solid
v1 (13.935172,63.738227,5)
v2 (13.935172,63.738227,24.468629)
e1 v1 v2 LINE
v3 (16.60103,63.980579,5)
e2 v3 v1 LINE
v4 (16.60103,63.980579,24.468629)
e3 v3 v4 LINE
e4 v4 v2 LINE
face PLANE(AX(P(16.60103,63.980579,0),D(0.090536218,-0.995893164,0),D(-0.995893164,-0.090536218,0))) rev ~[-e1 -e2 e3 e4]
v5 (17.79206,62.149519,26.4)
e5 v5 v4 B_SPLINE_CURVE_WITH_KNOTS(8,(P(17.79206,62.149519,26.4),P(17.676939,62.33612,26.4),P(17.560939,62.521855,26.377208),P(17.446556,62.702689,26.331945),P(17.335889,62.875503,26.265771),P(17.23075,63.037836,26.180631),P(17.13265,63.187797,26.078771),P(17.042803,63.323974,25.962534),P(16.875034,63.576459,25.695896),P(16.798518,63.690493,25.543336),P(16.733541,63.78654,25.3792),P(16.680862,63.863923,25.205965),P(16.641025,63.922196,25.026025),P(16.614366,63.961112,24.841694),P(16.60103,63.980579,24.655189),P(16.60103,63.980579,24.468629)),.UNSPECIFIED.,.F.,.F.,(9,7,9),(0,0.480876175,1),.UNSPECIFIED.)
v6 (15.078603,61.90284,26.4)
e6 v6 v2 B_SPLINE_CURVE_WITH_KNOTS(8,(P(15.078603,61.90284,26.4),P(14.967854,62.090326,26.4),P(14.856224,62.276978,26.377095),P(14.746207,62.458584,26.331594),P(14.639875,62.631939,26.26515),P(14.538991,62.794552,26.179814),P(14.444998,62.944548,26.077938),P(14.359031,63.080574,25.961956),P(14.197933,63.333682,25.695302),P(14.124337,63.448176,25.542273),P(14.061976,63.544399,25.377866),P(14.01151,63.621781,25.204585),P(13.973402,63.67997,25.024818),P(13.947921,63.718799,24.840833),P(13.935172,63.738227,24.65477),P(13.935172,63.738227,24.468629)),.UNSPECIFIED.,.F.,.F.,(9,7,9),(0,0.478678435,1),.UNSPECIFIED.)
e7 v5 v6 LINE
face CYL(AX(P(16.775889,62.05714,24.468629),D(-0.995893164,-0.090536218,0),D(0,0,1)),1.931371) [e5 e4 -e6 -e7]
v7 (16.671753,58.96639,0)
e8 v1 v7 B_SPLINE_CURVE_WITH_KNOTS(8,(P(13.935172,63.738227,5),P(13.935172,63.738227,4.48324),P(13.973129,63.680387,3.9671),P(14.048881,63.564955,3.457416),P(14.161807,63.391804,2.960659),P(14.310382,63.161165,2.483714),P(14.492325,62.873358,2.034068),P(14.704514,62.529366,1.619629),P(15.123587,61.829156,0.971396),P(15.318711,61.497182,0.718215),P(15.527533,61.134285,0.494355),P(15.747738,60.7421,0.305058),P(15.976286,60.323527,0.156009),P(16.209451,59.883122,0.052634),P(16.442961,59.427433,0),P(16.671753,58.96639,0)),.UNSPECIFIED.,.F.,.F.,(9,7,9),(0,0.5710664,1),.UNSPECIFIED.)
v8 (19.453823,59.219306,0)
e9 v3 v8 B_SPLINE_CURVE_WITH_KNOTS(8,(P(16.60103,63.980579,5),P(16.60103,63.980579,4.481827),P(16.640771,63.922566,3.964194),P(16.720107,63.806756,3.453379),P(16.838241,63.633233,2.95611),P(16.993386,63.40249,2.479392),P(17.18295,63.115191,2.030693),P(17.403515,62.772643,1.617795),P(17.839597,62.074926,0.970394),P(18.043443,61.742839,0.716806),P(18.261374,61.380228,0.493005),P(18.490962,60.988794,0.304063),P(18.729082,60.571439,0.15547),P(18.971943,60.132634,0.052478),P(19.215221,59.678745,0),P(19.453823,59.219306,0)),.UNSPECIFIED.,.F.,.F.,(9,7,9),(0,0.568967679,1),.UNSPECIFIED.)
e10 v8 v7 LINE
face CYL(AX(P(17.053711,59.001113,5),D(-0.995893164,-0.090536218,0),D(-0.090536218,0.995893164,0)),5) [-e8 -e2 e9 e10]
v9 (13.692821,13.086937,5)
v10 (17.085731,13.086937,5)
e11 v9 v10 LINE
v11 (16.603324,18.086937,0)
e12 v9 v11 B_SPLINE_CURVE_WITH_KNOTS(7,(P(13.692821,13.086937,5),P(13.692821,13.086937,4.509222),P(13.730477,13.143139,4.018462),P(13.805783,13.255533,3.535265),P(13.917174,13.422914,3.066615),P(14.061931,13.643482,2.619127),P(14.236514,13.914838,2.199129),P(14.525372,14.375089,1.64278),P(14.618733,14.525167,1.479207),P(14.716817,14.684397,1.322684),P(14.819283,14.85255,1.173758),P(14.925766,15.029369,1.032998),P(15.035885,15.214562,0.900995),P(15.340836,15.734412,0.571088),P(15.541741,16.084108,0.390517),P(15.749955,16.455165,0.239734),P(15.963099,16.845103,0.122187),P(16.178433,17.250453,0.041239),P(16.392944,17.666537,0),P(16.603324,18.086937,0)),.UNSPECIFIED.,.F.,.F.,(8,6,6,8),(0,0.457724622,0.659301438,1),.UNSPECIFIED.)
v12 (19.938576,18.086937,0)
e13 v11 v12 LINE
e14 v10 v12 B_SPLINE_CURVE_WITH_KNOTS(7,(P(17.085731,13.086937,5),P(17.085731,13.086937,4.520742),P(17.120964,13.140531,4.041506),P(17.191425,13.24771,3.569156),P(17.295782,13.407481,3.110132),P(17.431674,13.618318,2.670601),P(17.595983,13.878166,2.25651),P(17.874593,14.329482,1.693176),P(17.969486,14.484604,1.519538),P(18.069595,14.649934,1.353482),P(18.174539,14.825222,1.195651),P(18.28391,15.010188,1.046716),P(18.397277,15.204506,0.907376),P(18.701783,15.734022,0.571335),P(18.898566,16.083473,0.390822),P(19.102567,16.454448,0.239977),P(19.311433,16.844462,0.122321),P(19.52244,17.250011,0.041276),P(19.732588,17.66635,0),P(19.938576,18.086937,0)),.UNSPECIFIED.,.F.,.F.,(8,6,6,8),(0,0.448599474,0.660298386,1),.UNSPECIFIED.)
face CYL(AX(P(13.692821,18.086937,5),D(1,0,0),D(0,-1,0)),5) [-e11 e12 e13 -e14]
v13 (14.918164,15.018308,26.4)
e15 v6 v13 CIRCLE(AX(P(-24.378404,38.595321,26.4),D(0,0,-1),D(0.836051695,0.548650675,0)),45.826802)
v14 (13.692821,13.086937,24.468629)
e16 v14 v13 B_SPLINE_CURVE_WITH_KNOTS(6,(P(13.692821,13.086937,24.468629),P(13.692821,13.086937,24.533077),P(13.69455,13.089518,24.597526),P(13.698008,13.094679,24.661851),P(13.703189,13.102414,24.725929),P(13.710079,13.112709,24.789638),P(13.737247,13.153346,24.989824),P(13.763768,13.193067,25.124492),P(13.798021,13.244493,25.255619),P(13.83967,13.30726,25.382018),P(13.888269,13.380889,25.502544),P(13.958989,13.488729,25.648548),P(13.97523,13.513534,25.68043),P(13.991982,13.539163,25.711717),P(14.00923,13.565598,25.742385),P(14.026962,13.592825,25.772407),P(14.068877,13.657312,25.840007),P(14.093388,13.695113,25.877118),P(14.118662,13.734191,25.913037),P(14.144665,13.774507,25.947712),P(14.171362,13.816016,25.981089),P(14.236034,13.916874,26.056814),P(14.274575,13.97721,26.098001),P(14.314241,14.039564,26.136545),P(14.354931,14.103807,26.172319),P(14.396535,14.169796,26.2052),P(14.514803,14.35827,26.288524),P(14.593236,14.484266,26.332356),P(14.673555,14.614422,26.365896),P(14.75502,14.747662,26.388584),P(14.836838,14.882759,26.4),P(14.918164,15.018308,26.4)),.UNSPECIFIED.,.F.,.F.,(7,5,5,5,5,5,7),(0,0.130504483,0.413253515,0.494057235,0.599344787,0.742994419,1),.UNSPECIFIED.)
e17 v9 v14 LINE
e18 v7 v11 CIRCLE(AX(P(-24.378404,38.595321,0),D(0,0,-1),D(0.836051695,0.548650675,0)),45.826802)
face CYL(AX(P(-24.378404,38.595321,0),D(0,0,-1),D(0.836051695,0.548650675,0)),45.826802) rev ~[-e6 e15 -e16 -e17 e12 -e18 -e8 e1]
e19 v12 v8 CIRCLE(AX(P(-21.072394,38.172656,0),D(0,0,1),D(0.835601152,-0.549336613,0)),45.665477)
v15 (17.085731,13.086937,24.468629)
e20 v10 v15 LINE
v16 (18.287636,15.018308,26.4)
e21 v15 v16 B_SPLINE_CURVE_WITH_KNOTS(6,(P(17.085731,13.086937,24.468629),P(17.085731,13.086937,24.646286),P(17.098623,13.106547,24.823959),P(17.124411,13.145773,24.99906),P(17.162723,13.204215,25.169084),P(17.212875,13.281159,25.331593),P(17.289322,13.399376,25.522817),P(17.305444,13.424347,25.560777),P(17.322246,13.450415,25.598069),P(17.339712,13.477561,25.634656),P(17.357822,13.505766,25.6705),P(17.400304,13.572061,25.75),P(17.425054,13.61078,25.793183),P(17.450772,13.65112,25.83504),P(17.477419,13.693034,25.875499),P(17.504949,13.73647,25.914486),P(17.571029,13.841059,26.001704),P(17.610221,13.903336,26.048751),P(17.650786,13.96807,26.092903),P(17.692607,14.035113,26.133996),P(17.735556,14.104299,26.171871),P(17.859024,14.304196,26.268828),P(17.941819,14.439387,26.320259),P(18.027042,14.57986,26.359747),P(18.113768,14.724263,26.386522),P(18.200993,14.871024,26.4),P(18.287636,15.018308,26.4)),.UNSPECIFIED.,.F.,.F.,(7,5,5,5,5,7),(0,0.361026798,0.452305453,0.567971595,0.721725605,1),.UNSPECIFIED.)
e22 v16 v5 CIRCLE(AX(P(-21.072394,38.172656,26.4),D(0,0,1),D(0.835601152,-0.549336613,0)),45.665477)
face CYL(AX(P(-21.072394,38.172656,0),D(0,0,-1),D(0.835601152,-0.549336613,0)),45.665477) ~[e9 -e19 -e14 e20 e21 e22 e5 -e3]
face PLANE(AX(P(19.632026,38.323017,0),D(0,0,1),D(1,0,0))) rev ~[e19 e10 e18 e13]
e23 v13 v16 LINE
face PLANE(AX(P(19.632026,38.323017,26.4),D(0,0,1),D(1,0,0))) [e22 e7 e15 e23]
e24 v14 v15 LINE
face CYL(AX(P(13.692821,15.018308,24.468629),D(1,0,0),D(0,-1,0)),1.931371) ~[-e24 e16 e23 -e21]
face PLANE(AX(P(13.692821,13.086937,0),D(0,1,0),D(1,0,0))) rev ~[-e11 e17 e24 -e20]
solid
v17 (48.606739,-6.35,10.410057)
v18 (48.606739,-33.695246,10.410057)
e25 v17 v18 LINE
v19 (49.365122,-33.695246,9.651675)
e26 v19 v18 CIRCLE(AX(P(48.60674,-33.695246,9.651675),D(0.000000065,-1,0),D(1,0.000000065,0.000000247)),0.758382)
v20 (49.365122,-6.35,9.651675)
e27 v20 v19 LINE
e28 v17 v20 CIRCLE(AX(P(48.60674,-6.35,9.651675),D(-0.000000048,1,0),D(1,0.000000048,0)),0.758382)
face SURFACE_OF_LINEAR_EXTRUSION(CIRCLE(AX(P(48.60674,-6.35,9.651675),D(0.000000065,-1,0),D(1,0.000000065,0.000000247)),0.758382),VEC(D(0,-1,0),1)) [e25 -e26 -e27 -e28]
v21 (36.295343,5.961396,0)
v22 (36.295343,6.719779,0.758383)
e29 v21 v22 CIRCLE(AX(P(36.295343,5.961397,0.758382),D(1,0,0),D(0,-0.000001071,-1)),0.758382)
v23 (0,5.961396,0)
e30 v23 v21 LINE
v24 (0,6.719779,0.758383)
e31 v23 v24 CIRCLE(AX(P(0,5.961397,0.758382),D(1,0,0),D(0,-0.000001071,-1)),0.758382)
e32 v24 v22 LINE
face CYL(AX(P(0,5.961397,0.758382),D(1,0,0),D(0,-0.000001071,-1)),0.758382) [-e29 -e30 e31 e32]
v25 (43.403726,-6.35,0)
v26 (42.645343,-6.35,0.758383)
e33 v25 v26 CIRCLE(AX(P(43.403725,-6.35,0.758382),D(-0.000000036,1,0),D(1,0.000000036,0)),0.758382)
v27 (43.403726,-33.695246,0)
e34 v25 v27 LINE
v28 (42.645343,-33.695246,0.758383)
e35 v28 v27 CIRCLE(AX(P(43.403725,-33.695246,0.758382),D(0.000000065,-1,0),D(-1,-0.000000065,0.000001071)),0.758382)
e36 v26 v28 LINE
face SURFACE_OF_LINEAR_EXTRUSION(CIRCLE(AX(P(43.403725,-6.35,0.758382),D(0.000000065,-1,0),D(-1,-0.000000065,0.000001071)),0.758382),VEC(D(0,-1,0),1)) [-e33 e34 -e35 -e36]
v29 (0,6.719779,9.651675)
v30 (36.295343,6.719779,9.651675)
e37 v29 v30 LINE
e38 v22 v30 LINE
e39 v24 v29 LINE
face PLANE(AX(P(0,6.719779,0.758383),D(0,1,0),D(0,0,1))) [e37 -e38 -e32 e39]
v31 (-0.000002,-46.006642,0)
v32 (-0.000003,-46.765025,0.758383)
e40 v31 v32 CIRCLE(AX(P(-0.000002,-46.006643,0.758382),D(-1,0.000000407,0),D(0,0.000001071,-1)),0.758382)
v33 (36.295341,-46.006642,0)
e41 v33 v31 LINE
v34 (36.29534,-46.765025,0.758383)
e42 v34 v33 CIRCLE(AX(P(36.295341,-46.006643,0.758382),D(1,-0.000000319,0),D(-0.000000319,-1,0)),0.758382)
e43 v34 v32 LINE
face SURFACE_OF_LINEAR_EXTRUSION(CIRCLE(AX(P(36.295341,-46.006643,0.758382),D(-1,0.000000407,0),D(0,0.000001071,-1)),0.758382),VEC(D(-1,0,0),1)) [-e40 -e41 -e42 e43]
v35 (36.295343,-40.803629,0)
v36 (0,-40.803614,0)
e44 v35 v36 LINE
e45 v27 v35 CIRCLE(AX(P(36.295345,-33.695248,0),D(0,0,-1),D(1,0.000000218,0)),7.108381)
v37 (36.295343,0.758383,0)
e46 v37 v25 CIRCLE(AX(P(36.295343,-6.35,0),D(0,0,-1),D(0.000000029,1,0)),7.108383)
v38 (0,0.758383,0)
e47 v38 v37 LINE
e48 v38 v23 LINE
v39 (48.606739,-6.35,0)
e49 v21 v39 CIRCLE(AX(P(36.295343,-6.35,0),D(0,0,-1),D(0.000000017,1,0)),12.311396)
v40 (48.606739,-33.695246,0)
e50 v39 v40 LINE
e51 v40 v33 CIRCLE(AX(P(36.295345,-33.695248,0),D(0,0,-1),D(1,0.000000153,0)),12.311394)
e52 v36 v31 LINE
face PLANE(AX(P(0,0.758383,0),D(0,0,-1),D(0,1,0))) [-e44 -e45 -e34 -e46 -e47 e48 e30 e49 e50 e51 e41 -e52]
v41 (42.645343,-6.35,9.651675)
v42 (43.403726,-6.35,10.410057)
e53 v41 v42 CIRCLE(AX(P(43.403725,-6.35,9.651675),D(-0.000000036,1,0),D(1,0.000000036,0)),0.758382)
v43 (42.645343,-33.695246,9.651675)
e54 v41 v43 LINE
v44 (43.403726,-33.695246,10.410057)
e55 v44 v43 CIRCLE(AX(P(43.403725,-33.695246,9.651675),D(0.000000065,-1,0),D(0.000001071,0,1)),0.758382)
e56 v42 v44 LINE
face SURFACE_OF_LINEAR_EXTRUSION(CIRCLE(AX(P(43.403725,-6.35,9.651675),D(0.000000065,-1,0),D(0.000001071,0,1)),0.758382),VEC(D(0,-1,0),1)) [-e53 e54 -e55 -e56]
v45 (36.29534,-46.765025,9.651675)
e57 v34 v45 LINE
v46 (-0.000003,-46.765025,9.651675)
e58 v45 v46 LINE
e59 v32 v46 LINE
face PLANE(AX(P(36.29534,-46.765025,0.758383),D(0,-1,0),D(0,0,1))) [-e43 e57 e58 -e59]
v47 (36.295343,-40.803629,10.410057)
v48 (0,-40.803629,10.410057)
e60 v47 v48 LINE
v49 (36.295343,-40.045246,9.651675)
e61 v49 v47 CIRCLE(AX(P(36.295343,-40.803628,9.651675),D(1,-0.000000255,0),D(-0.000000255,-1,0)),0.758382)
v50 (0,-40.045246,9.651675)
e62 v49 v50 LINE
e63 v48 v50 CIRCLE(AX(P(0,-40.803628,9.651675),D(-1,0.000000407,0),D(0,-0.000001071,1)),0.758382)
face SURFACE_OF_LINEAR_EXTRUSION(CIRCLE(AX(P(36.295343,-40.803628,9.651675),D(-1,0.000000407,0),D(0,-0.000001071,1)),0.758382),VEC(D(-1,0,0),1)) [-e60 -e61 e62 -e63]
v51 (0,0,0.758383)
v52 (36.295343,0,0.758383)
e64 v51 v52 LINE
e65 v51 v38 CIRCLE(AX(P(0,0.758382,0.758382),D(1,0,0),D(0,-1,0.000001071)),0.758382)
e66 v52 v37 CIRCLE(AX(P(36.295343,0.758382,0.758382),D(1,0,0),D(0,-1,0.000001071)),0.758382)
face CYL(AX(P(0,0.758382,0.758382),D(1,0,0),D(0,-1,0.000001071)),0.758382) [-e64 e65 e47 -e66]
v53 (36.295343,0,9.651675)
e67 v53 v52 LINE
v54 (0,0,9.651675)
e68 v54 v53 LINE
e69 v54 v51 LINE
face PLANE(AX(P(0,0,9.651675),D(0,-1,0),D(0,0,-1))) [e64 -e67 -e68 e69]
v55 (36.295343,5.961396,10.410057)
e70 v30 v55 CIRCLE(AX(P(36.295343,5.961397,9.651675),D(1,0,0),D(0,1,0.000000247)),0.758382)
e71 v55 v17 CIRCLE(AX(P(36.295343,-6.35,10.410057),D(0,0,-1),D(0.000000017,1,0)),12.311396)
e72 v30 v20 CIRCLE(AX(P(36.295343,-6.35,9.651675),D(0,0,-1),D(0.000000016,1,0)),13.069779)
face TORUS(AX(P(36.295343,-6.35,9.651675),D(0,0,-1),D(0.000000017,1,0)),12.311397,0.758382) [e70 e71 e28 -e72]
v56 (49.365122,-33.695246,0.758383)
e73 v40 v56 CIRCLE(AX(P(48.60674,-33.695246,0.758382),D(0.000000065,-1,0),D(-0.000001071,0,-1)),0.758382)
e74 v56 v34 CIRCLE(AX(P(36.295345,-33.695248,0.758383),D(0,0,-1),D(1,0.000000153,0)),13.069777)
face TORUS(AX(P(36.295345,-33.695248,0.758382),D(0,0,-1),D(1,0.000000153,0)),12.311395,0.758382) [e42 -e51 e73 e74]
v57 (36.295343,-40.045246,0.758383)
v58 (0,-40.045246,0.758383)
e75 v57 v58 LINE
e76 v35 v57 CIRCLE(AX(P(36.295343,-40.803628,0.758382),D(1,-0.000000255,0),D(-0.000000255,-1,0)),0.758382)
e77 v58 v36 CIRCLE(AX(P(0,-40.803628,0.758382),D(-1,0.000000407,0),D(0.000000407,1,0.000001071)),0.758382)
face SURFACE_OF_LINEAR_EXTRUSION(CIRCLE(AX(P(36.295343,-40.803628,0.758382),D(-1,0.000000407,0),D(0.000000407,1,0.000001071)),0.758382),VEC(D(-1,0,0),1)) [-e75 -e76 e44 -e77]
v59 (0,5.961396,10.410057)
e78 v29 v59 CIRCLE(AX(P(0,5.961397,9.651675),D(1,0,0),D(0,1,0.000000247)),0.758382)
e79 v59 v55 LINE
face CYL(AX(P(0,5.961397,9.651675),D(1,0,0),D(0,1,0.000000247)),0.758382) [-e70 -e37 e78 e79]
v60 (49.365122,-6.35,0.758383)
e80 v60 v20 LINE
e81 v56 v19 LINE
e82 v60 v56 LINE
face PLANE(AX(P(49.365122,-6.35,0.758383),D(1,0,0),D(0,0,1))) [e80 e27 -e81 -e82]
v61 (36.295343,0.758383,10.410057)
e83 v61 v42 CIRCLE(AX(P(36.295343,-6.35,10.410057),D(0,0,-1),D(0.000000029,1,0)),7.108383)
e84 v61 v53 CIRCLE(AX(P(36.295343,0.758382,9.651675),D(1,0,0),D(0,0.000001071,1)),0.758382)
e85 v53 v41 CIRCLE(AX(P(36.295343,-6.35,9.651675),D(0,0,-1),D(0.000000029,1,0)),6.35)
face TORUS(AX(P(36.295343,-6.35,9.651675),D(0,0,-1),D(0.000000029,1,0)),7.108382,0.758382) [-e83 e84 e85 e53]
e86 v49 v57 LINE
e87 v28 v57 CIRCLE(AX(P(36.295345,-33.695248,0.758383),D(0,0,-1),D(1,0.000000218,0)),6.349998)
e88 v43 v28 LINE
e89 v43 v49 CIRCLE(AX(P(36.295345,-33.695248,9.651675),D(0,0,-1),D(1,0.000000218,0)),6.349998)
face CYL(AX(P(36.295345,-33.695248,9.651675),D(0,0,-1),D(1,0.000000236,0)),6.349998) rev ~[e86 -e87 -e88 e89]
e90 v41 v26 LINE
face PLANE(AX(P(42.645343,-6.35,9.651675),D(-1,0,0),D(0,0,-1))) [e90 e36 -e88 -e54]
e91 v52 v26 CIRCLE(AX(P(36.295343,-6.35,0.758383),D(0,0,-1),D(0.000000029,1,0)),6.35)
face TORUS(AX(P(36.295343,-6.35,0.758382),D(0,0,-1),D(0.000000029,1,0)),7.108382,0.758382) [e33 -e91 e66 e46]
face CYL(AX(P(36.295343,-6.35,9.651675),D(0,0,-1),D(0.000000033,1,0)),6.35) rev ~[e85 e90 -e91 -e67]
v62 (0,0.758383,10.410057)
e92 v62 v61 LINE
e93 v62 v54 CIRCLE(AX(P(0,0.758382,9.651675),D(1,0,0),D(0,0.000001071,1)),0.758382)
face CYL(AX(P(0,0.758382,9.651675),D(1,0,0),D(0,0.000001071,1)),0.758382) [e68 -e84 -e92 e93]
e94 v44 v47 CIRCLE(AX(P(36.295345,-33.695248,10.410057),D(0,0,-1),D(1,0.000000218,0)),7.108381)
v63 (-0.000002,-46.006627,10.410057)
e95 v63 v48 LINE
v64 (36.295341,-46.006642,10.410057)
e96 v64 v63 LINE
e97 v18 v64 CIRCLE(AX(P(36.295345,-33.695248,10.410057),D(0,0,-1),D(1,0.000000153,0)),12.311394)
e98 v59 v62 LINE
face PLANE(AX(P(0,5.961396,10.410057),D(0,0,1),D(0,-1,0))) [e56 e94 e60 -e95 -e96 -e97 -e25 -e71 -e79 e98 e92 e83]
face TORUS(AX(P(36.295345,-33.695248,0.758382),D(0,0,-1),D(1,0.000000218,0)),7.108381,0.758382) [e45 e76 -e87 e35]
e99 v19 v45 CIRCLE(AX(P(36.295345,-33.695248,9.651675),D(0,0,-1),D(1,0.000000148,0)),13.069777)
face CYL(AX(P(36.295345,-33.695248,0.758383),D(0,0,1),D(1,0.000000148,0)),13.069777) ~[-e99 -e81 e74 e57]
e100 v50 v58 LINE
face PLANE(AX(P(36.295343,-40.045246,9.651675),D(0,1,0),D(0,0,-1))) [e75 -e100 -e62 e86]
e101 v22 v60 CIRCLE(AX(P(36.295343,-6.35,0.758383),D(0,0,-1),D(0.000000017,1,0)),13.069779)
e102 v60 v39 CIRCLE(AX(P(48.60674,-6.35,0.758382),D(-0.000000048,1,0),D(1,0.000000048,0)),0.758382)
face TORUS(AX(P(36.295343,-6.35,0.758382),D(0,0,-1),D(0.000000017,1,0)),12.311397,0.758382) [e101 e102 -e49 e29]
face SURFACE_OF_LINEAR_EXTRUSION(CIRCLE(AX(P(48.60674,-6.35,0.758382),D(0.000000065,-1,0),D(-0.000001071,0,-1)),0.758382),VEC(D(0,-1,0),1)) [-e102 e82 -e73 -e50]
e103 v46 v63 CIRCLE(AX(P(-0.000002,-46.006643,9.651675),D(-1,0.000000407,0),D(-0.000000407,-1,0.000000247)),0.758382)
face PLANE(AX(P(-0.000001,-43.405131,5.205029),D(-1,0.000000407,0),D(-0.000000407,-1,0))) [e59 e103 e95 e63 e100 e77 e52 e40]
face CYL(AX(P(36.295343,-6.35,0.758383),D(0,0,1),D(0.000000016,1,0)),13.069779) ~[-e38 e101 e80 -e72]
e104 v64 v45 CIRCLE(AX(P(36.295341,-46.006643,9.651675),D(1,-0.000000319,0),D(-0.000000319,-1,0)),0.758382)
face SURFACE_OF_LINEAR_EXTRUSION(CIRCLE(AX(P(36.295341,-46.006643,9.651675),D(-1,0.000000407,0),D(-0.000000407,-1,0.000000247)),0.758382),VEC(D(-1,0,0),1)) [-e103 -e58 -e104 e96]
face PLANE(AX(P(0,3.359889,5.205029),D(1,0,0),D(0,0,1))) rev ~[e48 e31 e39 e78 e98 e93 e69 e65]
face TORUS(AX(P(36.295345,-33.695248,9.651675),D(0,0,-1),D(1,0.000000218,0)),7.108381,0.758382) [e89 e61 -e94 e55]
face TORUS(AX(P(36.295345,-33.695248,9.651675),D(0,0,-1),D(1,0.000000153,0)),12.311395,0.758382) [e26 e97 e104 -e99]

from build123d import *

# Parameters (mm, degrees)
F4_DEPTH = 26.4
F5_R     = 5
F6_R     = 1.931371


with BuildPart() as f2:
    # F2: sweep along a path in F0
    with BuildLine(Plane.XY) as f2_path:
        Line((0, 0), (36.295343, 0))
        ThreePointArc((36.295343, 0), (40.785471, -1.859872), (42.645343, -6.35))
        Line((42.645343, -6.35), (42.645343, -33.695246))
        ThreePointArc((42.645343, -33.695246), (40.785471, -38.185375), (36.295343, -40.045246))
        Line((36.295343, -40.045246), (0, -40.045246))
    # F1 (on Right) → F2 (sweep)
    with BuildSketch(Plane.YZ):
        with BuildLine():
            ThreePointArc((0, 0.758383), (0.222125, 0.222125), (0.758383, 0))
            Line((0.758383, 0), (5.961396, 0))
            ThreePointArc((5.961396, 0), (6.497654, 0.222125), (6.719779, 0.758383))
            Line((6.719779, 0.758383), (6.719779, 9.651675))
            ThreePointArc((6.719779, 9.651675), (6.497654, 10.187932), (5.961396, 10.410057))
            Line((5.961396, 10.410057), (0.758383, 10.410057))
            ThreePointArc((0.758383, 10.410057), (0.222125, 10.187932), (0, 9.651675))
            Line((0, 9.651675), (0, 0.758383))
        make_face()
    sweep(path=f2_path.line)


with BuildPart() as f4:
    # F3 (on Top) → F4 (new body)
    with BuildSketch(Plane.XY):
        with BuildLine():
            Line((13.692821, 13.086937), (17.085731, 13.086937))
            ThreePointArc((17.085731, 13.086937), (24.591012, 38.607545), (16.60103, 63.980579))
            Line((16.60103, 63.980579), (13.935172, 63.738227))
            ThreePointArc((13.935172, 63.738227), (21.447874, 38.376056), (13.692821, 13.086937))
        make_face()
    extrude(amount=F4_DEPTH)

    # F5
    f5_edges = [f4.edges().sort_by_distance(p)[0] for p in [
        (15.268101, 63.859403, 0),
        (15.389276, 13.086937, 0),
    ]]
    fillet(f5_edges, radius=F5_R)

    # F6
    f6_edges = [f4.edges().sort_by_distance(p)[0] for p in [
        (15.268101, 63.859403, 26.4),
        (15.389276, 13.086937, 26.4),
    ]]
    fillet(f6_edges, radius=F6_R)


solid = Compound([f2.part, f4.part])
